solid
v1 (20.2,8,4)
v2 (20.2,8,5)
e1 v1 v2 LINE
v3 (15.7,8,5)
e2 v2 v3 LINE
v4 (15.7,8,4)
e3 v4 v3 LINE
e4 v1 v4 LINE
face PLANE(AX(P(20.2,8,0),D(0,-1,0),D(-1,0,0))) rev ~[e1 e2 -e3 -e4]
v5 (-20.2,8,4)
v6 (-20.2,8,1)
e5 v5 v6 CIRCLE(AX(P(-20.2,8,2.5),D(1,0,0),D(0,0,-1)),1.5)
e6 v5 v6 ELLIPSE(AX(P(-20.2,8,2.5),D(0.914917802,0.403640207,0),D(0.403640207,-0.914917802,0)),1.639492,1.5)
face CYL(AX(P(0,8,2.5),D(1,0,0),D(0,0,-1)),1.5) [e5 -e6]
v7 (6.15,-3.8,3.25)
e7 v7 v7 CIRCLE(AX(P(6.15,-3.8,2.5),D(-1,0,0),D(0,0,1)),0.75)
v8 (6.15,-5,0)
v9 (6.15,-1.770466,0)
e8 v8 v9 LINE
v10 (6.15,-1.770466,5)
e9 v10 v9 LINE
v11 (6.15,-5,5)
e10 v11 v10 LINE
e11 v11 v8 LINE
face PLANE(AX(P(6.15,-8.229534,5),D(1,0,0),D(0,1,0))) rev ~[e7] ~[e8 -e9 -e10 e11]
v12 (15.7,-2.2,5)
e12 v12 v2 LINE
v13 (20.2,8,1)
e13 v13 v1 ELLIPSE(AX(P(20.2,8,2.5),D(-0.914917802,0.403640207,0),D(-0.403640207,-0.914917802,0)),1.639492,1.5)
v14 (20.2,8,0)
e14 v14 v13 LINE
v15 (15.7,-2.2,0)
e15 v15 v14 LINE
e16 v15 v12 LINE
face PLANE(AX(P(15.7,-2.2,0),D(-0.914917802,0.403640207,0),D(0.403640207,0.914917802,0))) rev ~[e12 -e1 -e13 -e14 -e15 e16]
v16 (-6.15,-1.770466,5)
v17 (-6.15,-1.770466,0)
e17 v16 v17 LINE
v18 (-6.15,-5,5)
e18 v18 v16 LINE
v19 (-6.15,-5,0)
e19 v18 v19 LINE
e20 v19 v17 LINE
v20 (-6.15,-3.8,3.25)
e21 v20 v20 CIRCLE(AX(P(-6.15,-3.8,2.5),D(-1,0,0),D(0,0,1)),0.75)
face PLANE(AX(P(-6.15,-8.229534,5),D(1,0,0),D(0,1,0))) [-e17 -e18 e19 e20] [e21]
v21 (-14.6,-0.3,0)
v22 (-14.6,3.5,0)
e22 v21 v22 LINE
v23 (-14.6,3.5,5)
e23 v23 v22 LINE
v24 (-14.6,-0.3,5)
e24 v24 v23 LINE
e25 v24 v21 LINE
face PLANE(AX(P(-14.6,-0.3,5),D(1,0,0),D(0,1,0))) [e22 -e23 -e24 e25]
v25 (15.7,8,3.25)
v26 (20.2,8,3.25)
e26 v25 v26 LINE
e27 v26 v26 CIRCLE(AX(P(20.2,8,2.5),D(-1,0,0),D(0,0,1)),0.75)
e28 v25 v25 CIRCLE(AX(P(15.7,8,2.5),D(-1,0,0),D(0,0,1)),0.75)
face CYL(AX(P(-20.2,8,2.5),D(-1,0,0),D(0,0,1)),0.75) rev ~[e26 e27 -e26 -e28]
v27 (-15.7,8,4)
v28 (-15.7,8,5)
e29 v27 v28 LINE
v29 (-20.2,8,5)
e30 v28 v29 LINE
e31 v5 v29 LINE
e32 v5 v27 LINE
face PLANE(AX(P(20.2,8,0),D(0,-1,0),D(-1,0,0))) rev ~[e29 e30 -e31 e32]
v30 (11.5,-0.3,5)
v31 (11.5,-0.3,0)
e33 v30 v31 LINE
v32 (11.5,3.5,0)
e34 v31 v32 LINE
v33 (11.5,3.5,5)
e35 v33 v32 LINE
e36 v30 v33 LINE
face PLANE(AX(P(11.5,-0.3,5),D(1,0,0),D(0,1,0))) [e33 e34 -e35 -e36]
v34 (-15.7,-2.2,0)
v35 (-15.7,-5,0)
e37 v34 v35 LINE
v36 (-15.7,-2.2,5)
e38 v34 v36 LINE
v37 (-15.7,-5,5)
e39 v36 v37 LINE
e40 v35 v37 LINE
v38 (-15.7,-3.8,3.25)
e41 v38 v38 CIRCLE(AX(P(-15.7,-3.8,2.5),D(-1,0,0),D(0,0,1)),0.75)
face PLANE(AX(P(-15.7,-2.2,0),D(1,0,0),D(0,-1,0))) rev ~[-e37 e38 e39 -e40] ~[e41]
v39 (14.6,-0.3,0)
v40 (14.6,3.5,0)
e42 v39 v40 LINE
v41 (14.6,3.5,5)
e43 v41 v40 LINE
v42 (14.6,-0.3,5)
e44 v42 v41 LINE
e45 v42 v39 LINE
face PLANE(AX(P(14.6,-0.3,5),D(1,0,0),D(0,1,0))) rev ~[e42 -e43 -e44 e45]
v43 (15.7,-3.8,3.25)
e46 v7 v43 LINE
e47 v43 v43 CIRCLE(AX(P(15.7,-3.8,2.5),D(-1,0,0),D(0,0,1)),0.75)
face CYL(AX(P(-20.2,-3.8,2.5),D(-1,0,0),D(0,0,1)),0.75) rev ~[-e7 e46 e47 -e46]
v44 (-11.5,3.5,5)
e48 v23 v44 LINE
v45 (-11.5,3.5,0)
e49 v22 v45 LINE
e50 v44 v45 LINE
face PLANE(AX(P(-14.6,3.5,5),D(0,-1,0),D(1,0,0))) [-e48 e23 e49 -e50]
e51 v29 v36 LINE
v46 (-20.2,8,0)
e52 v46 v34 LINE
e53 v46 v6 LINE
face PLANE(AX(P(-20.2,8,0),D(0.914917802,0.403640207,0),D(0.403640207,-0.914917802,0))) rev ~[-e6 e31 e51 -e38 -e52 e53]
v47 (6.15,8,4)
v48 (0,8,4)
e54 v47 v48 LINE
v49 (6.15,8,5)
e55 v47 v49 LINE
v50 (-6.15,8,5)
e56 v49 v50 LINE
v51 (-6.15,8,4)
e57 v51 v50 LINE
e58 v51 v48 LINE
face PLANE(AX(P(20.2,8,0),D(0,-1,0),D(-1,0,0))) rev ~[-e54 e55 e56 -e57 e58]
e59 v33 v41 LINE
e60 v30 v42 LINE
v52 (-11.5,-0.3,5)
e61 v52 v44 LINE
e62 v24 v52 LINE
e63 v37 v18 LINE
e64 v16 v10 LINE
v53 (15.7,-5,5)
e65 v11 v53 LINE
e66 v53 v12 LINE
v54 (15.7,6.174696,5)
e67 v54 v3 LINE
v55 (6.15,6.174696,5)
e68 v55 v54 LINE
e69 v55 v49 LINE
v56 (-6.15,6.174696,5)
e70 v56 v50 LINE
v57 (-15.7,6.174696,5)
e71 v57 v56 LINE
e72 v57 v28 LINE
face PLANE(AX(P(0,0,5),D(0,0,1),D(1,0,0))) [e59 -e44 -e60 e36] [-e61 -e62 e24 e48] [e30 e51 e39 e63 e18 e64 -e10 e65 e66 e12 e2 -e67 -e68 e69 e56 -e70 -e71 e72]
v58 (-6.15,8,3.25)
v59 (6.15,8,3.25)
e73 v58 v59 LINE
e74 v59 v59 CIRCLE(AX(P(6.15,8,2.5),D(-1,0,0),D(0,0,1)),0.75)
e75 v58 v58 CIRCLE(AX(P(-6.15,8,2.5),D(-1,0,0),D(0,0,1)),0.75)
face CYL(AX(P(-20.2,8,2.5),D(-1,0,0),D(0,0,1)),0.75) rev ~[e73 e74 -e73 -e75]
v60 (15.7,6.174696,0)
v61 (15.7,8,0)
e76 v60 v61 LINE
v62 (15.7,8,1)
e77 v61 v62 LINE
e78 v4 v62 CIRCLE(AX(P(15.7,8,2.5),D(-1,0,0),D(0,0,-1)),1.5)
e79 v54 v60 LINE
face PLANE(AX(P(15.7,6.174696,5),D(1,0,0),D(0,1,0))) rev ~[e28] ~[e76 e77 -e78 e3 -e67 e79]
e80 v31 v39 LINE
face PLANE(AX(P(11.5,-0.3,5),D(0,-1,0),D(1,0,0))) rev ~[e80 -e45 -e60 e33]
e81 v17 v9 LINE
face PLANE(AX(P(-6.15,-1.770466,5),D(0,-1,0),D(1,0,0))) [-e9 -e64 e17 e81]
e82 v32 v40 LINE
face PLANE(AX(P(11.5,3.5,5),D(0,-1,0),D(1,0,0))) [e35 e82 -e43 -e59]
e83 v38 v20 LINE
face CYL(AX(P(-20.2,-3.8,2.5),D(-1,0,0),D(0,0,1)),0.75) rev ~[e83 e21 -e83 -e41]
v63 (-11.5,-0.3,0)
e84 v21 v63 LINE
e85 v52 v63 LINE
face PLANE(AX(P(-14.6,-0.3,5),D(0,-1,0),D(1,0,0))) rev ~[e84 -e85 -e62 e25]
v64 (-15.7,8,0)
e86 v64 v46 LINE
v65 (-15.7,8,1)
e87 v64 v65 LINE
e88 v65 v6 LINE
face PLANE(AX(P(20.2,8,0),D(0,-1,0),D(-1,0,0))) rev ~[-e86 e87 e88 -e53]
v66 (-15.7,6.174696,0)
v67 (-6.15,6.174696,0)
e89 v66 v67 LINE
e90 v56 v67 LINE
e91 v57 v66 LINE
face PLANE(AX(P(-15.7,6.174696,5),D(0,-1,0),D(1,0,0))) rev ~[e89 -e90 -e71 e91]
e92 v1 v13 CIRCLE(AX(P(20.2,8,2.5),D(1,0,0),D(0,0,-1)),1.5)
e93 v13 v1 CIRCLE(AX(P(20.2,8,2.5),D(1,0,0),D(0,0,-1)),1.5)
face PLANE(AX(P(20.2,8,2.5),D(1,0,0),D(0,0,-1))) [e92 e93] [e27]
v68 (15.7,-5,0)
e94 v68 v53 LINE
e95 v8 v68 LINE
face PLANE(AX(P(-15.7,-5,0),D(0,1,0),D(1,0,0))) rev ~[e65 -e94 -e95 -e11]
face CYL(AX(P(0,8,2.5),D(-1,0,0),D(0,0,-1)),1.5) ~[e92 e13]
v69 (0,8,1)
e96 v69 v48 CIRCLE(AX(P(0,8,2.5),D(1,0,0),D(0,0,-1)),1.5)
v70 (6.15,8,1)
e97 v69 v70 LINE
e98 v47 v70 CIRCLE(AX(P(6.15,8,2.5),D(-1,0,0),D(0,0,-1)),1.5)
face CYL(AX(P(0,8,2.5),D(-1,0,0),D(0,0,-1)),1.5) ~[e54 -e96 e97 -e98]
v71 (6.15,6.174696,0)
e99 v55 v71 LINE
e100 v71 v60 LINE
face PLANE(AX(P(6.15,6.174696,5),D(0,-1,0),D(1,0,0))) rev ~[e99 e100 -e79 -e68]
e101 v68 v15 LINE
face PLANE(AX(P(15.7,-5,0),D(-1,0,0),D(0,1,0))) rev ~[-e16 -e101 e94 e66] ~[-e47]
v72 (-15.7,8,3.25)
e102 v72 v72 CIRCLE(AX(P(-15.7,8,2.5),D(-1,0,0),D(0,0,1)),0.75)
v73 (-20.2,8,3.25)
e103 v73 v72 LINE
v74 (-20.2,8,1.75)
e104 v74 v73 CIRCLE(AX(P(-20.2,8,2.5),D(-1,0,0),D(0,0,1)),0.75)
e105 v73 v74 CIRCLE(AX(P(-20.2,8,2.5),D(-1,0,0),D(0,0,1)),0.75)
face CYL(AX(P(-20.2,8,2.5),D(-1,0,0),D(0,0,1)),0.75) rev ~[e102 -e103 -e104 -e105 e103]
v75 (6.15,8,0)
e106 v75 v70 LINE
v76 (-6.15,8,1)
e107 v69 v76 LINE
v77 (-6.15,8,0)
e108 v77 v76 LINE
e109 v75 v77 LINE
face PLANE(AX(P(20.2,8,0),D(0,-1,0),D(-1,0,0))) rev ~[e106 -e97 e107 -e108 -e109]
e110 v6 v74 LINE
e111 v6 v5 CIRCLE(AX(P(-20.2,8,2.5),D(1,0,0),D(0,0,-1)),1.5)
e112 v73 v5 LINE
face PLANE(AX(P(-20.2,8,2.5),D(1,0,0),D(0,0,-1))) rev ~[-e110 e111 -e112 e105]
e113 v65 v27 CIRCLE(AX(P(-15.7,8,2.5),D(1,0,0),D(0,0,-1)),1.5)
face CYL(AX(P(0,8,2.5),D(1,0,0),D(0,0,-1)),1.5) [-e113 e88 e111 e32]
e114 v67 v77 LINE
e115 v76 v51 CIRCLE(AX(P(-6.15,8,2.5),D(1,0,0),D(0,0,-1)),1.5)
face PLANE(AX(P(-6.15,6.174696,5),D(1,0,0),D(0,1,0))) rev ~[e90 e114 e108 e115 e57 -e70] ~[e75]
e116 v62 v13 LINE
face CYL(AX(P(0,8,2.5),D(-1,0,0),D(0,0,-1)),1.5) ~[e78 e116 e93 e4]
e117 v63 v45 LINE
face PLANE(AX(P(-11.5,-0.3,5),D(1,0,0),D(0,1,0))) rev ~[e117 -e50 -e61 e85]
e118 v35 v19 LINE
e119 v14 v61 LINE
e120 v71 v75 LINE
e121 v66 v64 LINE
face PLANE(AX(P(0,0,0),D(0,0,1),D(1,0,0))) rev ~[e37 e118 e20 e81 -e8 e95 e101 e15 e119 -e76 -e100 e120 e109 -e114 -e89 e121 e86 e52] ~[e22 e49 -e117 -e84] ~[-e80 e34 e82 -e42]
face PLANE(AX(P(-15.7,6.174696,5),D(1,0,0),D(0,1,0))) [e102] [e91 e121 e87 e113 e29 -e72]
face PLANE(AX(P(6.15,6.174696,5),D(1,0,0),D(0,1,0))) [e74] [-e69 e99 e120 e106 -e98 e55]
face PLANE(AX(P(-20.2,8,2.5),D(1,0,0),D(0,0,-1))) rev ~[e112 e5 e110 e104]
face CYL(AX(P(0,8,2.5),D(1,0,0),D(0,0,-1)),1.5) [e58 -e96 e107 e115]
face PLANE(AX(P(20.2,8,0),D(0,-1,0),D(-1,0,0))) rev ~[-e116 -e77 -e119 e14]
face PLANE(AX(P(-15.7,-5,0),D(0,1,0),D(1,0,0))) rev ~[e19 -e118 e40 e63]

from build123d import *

# Parameters (mm, degrees)
SKETCH_1_W           = 31.4
SKETCH_1_H           = 10
SKETCH_1_H_2         = 3
EXTRUDE_1_DEPTH      = 5
SKETCH_2_W           = 3.1
SKETCH_2_H           = 3.8
CUT_EXTRUDE_1_DEPTH  = 6
SKETCH_3_R           = 1.5
EXTRUDE_2_DEPTH      = 20.2
EXTRUDE_2_DEPTH_BACK = 20.2
SKETCH_5_W           = 9.55
SKETCH_5_H           = 3.6506089
SKETCH_5_W_2         = 12.3
SKETCH_5_H_2         = 6.45906725
CUT_EXTRUDE_2_DEPTH  = 5
SKETCH_6_R           = 0.75
CUT_EXTRUDE_3_DEPTH  = 41.4


with BuildPart() as part:
    # 草图1 → 凸台-拉伸1 (new body)
    with BuildSketch(Plane.XY):
        Rectangle(SKETCH_1_W, SKETCH_1_H)
        with Locations((0, 6.5)):
            Rectangle(SKETCH_1_W, SKETCH_1_H_2)
        Polygon((-15.7, 8), (-20.2, 8), (-15.7, -2.2), (-15.7, 5), align=None)
        Polygon((20.2, 8), (15.7, 8), (15.7, 5), (15.7, -2.2), align=None)
    extrude(amount=EXTRUDE_1_DEPTH)

    # 草图2 → 切除-拉伸1 (cut, through all)
    with BuildSketch(Plane.XY.offset(5)):
        with Locations((-13.05, 1.6)):
            Rectangle(SKETCH_2_W, SKETCH_2_H)
        with Locations((13.05, 1.6)):
            Rectangle(SKETCH_2_W, SKETCH_2_H)
    extrude(amount=-CUT_EXTRUDE_1_DEPTH, mode=Mode.SUBTRACT)

    # 草图3 → 凸台-拉伸2 (add, two sides)
    with BuildSketch(Plane(origin=(0, 0, 0), x_dir=(0, 0, -1), z_dir=(1, 0, 0))) as extrude_2_sk:
        with Locations((-2.5, 8)):
            Circle(SKETCH_3_R)
    extrude(amount=EXTRUDE_2_DEPTH)
    extrude(extrude_2_sk.sketch, amount=-EXTRUDE_2_DEPTH_BACK)

    # 草图5 → 切除-拉伸2 (cut)
    with BuildSketch(Plane.XY.offset(5)):
        with Locations((-10.925, 8)):
            Rectangle(SKETCH_5_W, SKETCH_5_H)
        with Locations((10.925, 8)):
            Rectangle(SKETCH_5_W, SKETCH_5_H)
        with Locations((0, -5)):
            Rectangle(SKETCH_5_W_2, SKETCH_5_H_2)
    extrude(amount=-CUT_EXTRUDE_2_DEPTH, mode=Mode.SUBTRACT)

    # 草图6 → 切除-拉伸3 (cut, through all)
    with BuildSketch(Plane.ZY.offset(20.2)):
        with Locations((2.5, 8)):
            Circle(SKETCH_6_R)
        with Locations((2.5, -3.8)):
            Circle(SKETCH_6_R)
    extrude(amount=-CUT_EXTRUDE_3_DEPTH, mode=Mode.SUBTRACT)


solid = part.part
